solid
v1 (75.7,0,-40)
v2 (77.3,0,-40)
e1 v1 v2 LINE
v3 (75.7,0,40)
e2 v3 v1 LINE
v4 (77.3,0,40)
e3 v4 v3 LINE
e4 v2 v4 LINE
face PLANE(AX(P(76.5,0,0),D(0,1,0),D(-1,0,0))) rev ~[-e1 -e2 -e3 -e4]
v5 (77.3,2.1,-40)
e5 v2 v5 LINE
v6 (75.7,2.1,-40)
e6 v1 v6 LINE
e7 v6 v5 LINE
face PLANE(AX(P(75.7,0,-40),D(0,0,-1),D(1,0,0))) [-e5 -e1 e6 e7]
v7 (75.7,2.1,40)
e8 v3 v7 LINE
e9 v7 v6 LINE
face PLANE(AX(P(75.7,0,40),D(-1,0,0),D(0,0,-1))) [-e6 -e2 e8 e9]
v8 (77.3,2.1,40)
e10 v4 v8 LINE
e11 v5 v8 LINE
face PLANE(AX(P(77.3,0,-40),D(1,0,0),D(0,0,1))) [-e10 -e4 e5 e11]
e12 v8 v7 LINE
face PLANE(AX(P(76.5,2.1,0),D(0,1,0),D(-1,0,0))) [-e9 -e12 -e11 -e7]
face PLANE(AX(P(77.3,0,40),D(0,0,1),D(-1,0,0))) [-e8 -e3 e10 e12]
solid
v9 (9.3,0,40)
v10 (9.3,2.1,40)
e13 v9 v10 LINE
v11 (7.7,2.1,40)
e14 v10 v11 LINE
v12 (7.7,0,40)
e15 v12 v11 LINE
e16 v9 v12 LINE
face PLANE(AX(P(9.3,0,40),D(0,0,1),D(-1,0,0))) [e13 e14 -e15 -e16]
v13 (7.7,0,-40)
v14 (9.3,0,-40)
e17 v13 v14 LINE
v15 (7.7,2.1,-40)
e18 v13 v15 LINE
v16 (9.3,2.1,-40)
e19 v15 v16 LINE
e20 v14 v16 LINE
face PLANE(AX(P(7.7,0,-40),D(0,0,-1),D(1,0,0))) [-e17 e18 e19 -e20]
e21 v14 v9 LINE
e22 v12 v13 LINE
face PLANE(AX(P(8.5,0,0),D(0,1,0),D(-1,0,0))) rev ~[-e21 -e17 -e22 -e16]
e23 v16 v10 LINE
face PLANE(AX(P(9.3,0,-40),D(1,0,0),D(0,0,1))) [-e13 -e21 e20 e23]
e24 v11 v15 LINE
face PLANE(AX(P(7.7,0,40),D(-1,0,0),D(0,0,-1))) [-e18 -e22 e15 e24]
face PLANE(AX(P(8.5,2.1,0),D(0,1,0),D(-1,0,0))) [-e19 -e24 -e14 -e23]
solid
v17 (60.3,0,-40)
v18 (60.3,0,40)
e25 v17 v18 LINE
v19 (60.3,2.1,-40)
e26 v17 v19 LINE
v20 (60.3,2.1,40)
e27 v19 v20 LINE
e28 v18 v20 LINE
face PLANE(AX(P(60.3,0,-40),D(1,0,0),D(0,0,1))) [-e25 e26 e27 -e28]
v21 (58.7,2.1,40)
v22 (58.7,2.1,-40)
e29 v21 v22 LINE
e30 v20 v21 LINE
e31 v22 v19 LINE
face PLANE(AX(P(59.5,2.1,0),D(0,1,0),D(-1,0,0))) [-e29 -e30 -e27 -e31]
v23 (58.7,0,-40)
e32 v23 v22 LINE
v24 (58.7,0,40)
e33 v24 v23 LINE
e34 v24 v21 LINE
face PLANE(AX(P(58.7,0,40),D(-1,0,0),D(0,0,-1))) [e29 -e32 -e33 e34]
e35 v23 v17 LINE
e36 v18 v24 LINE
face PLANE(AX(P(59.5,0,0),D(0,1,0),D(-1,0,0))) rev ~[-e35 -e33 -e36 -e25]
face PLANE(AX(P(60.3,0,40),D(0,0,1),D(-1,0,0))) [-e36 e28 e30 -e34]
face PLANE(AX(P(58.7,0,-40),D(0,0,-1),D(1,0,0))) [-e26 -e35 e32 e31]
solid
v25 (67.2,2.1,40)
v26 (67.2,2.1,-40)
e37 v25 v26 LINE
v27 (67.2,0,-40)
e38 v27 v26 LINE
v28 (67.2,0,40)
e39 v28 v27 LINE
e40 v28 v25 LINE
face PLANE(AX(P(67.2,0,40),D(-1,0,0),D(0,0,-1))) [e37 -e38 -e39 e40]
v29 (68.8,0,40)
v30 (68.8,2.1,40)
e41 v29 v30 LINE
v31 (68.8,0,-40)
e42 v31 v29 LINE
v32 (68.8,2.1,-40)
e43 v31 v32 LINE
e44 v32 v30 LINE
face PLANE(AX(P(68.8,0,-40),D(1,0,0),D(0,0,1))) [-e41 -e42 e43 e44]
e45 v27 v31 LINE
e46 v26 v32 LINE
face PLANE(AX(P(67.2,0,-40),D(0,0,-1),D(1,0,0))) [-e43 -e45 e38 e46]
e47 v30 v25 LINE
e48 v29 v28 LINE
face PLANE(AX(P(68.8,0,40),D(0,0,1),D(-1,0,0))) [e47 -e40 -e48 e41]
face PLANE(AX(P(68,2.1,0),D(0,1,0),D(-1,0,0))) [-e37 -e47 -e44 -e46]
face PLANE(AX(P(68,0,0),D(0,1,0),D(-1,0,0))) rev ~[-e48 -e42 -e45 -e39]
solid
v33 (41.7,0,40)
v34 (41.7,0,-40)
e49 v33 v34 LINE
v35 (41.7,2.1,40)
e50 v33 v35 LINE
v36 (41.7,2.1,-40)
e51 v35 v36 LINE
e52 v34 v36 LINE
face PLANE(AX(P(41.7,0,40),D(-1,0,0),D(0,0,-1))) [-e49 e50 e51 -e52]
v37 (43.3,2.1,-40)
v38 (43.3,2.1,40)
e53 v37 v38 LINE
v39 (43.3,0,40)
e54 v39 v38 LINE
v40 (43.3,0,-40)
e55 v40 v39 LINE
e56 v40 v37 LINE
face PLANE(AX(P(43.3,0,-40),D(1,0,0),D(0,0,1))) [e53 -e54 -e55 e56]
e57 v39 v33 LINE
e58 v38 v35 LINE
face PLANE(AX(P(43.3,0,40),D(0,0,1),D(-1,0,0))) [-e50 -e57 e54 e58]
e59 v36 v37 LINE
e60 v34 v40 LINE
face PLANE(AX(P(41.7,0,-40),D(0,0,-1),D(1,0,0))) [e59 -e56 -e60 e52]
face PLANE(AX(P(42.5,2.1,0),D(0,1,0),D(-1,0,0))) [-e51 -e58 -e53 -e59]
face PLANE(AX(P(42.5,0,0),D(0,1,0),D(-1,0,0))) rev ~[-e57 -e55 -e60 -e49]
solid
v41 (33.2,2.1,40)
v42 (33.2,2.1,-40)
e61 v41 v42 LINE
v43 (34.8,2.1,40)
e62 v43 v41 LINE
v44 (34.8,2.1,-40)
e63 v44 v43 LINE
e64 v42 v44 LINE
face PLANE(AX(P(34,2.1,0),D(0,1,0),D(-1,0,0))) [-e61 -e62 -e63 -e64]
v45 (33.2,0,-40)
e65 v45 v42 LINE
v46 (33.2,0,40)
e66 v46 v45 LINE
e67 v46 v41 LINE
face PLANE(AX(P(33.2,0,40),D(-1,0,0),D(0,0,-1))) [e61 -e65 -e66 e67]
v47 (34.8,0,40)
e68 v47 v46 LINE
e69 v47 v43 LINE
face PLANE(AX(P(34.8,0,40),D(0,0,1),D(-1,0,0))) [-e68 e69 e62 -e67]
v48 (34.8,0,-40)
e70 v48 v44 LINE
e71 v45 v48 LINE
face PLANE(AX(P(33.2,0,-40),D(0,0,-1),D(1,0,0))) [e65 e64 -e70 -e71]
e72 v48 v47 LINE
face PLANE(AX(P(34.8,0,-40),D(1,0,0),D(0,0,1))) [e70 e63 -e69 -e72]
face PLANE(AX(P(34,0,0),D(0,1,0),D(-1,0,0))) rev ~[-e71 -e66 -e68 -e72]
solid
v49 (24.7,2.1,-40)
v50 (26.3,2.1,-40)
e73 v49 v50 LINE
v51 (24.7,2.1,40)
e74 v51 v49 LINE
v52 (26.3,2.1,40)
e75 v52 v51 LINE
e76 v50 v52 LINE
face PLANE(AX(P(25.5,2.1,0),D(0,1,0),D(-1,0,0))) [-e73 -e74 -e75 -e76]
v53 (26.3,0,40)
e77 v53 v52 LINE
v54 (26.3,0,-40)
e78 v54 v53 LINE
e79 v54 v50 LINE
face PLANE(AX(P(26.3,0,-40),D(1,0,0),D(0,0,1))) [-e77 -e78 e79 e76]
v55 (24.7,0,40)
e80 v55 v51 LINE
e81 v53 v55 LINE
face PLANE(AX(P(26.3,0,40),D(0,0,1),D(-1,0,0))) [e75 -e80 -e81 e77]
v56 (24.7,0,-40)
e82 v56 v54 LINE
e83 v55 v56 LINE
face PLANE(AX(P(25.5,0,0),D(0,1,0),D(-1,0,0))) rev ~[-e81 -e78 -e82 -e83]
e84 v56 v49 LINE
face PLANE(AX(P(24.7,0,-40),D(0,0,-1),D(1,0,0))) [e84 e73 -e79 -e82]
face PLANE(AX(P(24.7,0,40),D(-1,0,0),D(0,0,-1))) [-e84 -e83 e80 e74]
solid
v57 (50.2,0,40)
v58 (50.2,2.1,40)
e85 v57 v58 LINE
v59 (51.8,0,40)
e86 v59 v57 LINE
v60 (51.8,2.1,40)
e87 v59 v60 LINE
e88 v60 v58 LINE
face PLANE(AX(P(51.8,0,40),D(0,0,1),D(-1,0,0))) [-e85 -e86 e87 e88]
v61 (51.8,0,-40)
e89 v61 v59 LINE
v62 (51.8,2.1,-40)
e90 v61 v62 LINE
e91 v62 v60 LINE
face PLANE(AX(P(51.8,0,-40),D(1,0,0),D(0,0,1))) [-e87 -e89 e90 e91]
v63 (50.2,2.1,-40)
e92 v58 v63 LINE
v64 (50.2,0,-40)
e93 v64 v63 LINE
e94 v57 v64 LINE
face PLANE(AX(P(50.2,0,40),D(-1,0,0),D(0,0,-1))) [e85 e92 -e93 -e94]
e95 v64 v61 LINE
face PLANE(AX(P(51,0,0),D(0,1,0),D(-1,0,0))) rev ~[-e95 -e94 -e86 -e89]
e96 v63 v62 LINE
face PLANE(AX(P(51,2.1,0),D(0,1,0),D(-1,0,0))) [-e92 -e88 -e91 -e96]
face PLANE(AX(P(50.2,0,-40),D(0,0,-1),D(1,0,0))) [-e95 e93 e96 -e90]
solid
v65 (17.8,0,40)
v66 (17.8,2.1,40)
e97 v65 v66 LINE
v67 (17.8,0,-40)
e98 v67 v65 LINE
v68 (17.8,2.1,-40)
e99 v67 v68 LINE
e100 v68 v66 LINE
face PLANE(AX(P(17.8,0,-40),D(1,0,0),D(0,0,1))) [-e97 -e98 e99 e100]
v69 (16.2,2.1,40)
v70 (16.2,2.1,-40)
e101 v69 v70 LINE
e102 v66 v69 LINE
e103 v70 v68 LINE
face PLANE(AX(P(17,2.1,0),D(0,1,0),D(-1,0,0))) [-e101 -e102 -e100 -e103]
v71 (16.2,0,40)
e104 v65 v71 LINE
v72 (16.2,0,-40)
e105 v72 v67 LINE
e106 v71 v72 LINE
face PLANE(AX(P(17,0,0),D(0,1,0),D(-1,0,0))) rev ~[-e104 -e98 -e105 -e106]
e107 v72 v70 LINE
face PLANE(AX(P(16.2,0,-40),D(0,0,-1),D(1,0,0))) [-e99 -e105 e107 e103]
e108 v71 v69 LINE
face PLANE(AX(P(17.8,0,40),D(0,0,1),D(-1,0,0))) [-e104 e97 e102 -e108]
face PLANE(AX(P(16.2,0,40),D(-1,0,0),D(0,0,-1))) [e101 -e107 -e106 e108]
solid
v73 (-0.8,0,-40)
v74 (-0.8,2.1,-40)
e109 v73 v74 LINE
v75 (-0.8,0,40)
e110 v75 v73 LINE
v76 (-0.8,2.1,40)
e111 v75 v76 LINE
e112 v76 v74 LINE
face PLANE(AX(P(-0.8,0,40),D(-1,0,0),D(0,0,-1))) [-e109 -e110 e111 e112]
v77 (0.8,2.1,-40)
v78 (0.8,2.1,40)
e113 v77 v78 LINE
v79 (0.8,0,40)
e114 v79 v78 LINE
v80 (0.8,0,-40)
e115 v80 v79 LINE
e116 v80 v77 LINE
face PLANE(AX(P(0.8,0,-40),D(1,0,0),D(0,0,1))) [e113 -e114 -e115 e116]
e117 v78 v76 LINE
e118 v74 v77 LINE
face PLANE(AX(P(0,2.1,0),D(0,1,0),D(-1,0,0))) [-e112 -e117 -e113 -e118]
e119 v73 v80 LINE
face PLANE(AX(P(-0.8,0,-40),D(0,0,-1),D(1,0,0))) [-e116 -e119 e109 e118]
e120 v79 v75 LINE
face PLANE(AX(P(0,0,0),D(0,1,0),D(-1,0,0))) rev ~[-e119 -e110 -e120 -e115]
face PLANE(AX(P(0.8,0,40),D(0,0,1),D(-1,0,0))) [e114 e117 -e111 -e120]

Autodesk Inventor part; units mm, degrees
ref_plane "YZ Plane" through (0, 0, 0) normal (1, 0, 0) x (0, 1, 0)
ref_plane "XZ Plane" through (0, 0, 0) normal (0, 1, 0) x (-1, 0, 0)
ref_plane "XY Plane" through (0, 0, 0) normal (0, 0, 1) x (1, 0, 0)
sketch "Sketch1" plane through (0, 0, 0) normal (0, 1, 0) x (-1, 0, 0)
  line L0 (0.8, -40) -> (-0.8, -40)
  line L1 (-0.8, -40) -> (-0.8, 40)
  line L2 (-0.8, 40) -> (0.8, 40)
  line L3 (0.8, 40) -> (0.8, -40)
  line L4 (0.8, -40) -> (-0.8, 40) construction
  line L5 (-0.8, -40) -> (0.8, 40) construction
  point P0 (0, 0)
  dimension "d0" = 80
  dimension "d1" = 1.6
extrude "Extrusion1" add sketch "Sketch1" along normal blind 2.1
pattern_linear "Rectangular Pattern1" count 10 spacing 8.5 along (1, 0, 0) of "Extrusion1"
equation "\"base_add\" = 0.6"
properties part number "structure1"
